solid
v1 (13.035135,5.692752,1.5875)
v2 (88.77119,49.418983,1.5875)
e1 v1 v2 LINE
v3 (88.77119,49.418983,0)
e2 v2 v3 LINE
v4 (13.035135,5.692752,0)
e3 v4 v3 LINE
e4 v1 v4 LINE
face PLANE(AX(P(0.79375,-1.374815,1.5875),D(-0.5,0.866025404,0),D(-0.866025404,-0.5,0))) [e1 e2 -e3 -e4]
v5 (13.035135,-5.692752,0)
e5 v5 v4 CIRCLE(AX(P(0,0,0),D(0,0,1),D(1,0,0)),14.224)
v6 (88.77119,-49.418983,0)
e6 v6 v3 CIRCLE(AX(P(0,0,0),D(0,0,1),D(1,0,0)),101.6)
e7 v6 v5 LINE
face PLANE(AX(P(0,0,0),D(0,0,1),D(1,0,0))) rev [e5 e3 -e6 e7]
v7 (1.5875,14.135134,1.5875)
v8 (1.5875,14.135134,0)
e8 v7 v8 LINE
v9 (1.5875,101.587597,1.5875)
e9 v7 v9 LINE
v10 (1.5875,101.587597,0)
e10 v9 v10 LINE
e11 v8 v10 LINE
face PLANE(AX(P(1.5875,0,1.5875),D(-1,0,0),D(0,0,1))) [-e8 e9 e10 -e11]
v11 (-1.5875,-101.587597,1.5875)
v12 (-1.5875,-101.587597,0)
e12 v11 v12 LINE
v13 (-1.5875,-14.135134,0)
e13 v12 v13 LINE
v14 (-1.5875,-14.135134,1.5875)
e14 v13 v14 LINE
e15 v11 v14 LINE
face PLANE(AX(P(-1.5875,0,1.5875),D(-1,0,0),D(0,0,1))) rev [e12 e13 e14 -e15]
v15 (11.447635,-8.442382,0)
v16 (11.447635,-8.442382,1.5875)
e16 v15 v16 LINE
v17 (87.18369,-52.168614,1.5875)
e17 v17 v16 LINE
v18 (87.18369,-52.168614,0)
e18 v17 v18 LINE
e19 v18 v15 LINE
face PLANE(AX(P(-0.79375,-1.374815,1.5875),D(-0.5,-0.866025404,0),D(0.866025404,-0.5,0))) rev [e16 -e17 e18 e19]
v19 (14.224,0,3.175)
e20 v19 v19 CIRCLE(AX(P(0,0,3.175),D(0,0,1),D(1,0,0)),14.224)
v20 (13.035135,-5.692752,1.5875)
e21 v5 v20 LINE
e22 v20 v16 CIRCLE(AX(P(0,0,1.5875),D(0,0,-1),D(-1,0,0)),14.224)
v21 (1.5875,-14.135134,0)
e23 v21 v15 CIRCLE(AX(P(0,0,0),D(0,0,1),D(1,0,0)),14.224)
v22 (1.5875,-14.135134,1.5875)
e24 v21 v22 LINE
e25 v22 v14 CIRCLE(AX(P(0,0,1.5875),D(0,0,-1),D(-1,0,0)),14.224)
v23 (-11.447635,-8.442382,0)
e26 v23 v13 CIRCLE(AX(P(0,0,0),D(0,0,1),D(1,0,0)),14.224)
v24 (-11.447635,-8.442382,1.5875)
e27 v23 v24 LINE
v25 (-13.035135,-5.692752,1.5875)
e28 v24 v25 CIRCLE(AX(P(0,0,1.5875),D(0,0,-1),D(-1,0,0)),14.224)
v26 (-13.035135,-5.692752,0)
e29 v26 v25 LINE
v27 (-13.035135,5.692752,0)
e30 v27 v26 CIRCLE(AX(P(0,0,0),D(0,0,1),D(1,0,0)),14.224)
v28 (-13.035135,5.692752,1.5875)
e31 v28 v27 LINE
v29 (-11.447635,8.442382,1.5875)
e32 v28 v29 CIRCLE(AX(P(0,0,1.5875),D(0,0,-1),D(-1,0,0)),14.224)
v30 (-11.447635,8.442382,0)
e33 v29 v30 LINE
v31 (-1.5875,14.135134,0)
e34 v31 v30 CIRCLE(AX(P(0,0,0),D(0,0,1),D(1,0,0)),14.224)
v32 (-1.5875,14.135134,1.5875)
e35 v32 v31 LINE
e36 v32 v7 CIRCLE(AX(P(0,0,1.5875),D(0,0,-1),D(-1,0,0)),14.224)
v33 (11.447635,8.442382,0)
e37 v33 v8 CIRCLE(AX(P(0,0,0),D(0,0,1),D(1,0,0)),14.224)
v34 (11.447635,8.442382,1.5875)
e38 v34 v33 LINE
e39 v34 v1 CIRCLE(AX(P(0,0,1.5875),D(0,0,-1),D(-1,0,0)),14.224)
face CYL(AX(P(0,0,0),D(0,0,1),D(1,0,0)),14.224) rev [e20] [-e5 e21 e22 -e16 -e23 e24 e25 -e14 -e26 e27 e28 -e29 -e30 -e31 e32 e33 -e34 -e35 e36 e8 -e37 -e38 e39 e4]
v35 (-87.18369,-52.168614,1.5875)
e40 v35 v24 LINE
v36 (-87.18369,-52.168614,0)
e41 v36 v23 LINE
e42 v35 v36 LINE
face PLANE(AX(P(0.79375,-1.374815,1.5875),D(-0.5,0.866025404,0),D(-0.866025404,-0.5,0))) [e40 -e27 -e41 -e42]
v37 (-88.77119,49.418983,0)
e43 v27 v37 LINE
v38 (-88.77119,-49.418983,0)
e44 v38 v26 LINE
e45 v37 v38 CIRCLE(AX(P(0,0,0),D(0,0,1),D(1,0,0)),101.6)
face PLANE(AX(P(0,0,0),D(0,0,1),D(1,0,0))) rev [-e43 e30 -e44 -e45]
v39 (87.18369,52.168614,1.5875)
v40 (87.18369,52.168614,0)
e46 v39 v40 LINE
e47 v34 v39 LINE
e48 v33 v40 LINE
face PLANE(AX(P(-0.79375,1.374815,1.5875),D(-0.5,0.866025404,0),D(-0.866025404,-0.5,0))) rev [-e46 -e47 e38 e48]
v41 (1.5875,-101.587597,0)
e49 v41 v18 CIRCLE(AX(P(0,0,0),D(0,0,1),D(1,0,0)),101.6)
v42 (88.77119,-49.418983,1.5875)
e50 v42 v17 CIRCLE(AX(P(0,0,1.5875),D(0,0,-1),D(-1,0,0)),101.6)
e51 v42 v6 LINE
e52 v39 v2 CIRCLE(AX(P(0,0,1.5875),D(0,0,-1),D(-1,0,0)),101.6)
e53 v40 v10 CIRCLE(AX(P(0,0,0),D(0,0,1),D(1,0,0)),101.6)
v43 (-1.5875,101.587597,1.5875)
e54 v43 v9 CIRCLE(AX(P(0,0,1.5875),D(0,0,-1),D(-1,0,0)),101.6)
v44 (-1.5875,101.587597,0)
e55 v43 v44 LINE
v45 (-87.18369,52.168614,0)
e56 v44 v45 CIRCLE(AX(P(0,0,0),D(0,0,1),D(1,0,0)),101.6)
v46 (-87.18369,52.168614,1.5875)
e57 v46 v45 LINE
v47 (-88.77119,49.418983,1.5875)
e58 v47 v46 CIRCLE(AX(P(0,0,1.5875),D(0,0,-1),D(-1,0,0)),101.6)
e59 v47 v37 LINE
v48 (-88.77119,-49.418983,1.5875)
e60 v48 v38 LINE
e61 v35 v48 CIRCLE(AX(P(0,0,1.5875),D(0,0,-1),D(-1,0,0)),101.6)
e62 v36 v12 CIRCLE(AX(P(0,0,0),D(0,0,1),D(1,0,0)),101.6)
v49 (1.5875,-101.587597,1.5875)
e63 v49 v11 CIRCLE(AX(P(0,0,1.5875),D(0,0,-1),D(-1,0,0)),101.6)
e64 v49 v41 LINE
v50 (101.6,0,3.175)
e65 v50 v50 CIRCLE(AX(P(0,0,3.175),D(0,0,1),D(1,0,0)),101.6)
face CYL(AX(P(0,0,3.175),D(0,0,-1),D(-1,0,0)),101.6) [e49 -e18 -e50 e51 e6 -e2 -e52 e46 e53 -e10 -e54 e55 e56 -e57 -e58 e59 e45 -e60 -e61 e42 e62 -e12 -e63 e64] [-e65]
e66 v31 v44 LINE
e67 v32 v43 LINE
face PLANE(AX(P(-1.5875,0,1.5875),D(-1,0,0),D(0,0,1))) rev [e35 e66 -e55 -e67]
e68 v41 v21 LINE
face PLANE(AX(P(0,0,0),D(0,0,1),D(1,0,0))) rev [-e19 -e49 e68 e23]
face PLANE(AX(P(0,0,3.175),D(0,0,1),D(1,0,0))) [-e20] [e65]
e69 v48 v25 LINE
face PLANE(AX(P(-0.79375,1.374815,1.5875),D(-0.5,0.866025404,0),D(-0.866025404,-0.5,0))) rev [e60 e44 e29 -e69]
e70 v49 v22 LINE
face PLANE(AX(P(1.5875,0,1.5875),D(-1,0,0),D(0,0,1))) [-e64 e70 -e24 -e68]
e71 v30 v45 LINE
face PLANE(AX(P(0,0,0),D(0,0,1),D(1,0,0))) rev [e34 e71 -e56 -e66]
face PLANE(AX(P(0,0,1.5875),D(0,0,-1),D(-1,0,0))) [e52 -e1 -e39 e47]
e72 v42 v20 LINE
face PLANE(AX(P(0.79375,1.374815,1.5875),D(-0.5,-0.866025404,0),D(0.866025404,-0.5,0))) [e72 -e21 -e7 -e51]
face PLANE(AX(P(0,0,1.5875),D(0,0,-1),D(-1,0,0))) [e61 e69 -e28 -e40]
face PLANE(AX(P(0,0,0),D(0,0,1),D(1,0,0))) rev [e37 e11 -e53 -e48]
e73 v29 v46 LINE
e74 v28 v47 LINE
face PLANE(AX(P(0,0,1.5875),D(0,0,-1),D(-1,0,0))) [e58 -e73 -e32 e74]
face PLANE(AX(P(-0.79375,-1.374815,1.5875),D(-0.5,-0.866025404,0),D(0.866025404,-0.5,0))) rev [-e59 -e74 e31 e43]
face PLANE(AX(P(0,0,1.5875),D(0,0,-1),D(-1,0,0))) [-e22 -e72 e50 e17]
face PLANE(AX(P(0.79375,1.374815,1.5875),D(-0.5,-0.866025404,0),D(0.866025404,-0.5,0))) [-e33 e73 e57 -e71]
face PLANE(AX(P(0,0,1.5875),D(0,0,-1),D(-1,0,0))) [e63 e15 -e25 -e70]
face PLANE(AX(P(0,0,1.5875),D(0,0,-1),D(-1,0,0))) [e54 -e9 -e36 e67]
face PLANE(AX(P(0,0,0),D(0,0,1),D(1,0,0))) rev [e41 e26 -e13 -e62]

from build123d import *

# Parameters (mm, degrees)
SKETCH1_R           = 101.6
BOSS_EXTRUDE1_DEPTH = 3.175
CUT_EXTRUDE3_DEPTH  = 1.5875
SKETCH3_R           = 14.224
CUT_EXTRUDE4_DEPTH  = 4.175


with BuildPart() as part:
    # Sketch1 → Boss-Extrude1 (new body)
    with BuildSketch(Plane.XY):
        Circle(SKETCH1_R)
    extrude(amount=BOSS_EXTRUDE1_DEPTH)

    # Sketch2 → Cut-Extrude3 (cut)
    with BuildSketch(Plane(origin=(0, 0, 0), x_dir=(-1, 0, 0), z_dir=(0, 0, -1))):
        with BuildLine():
            ThreePointArc((-88.771189624, -49.418983121), (-87.988181024, -50.8), (-87.183689624, -52.168613778))
            Line((-87.183689624, -52.168613778), (-1.5875, -2.749630657))
            Line((-1.5875, -2.749630657), (-1.5875, -0.916543552))
            Line((-1.5875, -0.916543552), (-3.175, 0))
            Line((-3.175, 0), (-88.771189624, -49.418983121))
        make_face()
        Polygon((-1.5875, -0.916543552), (-1.5875, -2.749630657), (0, -1.833087105), align=None)
        Polygon((-1.5875, -0.916543552), (0, -1.833087105), (1.5875, -0.916543552), (1.5875, 0.916543552), (0, 1.833087105), (-1.5875, 0.916543552), align=None)
        Polygon((1.5875, -0.916543552), (0, -1.833087105), (1.5875, -2.749630657), align=None)
        Polygon((-3.175, 0), (-1.5875, -0.916543552), (-1.5875, 0.916543552), align=None)
        Polygon((-1.5875, 2.749630657), (-1.5875, 0.916543552), (0, 1.833087105), align=None)
        Polygon((0, 1.833087105), (1.5875, 0.916543552), (1.5875, 2.749630657), align=None)
        Polygon((1.5875, 0.916543552), (1.5875, -0.916543552), (3.175, 0), align=None)
        with BuildLine():
            Line((1.5875, 0.916543552), (3.175, 0))
            Line((3.175, 0), (88.771189624, 49.418983121))
            ThreePointArc((88.771189624, 49.418983121), (87.988181024, 50.8), (87.183689624, 52.168613778))
            Line((87.183689624, 52.168613778), (1.5875, 2.749630657))
            Line((1.5875, 2.749630657), (1.5875, 0.916543552))
        make_face()
        with BuildLine():
            Line((3.175, 0), (1.5875, -0.916543552))
            Line((1.5875, -0.916543552), (1.5875, -2.749630657))
            Line((1.5875, -2.749630657), (87.183689624, -52.168613778))
            ThreePointArc((87.183689624, -52.168613778), (87.988181024, -50.8), (88.771189624, -49.418983121))
            Line((88.771189624, -49.418983121), (3.175, 0))
        make_face()
        with BuildLine():
            Line((-1.5875, 2.749630657), (0, 1.833087105))
            Line((0, 1.833087105), (1.5875, 2.749630657))
            Line((1.5875, 2.749630657), (1.5875, 101.587596899))
            ThreePointArc((1.5875, 101.587596899), (0, 101.6), (-1.5875, 101.587596899))
            Line((-1.5875, 101.587596899), (-1.5875, 2.749630657))
        make_face()
        with BuildLine():
            Line((-88.771189624, 49.418983121), (-3.175, 0))
            Line((-3.175, 0), (-1.5875, 0.916543552))
            Line((-1.5875, 0.916543552), (-1.5875, 2.749630657))
            Line((-1.5875, 2.749630657), (-87.183689624, 52.168613778))
            ThreePointArc((-87.183689624, 52.168613778), (-87.988181024, 50.8), (-88.771189624, 49.418983121))
        make_face()
        with BuildLine():
            Line((0, -1.833087105), (-1.5875, -2.749630657))
            Line((-1.5875, -2.749630657), (-1.5875, -101.587596899))
            ThreePointArc((-1.5875, -101.587596899), (0, -101.6), (1.5875, -101.587596899))
            Line((1.5875, -101.587596899), (1.5875, -2.749630657))
            Line((1.5875, -2.749630657), (0, -1.833087105))
        make_face()
    extrude(amount=-CUT_EXTRUDE3_DEPTH, mode=Mode.SUBTRACT)

    # Sketch3 → Cut-Extrude4 (cut, through all)
    with BuildSketch(Plane.XY.offset(3.175)):
        Circle(SKETCH3_R)
    extrude(amount=-CUT_EXTRUDE4_DEPTH, mode=Mode.SUBTRACT)


solid = part.part
